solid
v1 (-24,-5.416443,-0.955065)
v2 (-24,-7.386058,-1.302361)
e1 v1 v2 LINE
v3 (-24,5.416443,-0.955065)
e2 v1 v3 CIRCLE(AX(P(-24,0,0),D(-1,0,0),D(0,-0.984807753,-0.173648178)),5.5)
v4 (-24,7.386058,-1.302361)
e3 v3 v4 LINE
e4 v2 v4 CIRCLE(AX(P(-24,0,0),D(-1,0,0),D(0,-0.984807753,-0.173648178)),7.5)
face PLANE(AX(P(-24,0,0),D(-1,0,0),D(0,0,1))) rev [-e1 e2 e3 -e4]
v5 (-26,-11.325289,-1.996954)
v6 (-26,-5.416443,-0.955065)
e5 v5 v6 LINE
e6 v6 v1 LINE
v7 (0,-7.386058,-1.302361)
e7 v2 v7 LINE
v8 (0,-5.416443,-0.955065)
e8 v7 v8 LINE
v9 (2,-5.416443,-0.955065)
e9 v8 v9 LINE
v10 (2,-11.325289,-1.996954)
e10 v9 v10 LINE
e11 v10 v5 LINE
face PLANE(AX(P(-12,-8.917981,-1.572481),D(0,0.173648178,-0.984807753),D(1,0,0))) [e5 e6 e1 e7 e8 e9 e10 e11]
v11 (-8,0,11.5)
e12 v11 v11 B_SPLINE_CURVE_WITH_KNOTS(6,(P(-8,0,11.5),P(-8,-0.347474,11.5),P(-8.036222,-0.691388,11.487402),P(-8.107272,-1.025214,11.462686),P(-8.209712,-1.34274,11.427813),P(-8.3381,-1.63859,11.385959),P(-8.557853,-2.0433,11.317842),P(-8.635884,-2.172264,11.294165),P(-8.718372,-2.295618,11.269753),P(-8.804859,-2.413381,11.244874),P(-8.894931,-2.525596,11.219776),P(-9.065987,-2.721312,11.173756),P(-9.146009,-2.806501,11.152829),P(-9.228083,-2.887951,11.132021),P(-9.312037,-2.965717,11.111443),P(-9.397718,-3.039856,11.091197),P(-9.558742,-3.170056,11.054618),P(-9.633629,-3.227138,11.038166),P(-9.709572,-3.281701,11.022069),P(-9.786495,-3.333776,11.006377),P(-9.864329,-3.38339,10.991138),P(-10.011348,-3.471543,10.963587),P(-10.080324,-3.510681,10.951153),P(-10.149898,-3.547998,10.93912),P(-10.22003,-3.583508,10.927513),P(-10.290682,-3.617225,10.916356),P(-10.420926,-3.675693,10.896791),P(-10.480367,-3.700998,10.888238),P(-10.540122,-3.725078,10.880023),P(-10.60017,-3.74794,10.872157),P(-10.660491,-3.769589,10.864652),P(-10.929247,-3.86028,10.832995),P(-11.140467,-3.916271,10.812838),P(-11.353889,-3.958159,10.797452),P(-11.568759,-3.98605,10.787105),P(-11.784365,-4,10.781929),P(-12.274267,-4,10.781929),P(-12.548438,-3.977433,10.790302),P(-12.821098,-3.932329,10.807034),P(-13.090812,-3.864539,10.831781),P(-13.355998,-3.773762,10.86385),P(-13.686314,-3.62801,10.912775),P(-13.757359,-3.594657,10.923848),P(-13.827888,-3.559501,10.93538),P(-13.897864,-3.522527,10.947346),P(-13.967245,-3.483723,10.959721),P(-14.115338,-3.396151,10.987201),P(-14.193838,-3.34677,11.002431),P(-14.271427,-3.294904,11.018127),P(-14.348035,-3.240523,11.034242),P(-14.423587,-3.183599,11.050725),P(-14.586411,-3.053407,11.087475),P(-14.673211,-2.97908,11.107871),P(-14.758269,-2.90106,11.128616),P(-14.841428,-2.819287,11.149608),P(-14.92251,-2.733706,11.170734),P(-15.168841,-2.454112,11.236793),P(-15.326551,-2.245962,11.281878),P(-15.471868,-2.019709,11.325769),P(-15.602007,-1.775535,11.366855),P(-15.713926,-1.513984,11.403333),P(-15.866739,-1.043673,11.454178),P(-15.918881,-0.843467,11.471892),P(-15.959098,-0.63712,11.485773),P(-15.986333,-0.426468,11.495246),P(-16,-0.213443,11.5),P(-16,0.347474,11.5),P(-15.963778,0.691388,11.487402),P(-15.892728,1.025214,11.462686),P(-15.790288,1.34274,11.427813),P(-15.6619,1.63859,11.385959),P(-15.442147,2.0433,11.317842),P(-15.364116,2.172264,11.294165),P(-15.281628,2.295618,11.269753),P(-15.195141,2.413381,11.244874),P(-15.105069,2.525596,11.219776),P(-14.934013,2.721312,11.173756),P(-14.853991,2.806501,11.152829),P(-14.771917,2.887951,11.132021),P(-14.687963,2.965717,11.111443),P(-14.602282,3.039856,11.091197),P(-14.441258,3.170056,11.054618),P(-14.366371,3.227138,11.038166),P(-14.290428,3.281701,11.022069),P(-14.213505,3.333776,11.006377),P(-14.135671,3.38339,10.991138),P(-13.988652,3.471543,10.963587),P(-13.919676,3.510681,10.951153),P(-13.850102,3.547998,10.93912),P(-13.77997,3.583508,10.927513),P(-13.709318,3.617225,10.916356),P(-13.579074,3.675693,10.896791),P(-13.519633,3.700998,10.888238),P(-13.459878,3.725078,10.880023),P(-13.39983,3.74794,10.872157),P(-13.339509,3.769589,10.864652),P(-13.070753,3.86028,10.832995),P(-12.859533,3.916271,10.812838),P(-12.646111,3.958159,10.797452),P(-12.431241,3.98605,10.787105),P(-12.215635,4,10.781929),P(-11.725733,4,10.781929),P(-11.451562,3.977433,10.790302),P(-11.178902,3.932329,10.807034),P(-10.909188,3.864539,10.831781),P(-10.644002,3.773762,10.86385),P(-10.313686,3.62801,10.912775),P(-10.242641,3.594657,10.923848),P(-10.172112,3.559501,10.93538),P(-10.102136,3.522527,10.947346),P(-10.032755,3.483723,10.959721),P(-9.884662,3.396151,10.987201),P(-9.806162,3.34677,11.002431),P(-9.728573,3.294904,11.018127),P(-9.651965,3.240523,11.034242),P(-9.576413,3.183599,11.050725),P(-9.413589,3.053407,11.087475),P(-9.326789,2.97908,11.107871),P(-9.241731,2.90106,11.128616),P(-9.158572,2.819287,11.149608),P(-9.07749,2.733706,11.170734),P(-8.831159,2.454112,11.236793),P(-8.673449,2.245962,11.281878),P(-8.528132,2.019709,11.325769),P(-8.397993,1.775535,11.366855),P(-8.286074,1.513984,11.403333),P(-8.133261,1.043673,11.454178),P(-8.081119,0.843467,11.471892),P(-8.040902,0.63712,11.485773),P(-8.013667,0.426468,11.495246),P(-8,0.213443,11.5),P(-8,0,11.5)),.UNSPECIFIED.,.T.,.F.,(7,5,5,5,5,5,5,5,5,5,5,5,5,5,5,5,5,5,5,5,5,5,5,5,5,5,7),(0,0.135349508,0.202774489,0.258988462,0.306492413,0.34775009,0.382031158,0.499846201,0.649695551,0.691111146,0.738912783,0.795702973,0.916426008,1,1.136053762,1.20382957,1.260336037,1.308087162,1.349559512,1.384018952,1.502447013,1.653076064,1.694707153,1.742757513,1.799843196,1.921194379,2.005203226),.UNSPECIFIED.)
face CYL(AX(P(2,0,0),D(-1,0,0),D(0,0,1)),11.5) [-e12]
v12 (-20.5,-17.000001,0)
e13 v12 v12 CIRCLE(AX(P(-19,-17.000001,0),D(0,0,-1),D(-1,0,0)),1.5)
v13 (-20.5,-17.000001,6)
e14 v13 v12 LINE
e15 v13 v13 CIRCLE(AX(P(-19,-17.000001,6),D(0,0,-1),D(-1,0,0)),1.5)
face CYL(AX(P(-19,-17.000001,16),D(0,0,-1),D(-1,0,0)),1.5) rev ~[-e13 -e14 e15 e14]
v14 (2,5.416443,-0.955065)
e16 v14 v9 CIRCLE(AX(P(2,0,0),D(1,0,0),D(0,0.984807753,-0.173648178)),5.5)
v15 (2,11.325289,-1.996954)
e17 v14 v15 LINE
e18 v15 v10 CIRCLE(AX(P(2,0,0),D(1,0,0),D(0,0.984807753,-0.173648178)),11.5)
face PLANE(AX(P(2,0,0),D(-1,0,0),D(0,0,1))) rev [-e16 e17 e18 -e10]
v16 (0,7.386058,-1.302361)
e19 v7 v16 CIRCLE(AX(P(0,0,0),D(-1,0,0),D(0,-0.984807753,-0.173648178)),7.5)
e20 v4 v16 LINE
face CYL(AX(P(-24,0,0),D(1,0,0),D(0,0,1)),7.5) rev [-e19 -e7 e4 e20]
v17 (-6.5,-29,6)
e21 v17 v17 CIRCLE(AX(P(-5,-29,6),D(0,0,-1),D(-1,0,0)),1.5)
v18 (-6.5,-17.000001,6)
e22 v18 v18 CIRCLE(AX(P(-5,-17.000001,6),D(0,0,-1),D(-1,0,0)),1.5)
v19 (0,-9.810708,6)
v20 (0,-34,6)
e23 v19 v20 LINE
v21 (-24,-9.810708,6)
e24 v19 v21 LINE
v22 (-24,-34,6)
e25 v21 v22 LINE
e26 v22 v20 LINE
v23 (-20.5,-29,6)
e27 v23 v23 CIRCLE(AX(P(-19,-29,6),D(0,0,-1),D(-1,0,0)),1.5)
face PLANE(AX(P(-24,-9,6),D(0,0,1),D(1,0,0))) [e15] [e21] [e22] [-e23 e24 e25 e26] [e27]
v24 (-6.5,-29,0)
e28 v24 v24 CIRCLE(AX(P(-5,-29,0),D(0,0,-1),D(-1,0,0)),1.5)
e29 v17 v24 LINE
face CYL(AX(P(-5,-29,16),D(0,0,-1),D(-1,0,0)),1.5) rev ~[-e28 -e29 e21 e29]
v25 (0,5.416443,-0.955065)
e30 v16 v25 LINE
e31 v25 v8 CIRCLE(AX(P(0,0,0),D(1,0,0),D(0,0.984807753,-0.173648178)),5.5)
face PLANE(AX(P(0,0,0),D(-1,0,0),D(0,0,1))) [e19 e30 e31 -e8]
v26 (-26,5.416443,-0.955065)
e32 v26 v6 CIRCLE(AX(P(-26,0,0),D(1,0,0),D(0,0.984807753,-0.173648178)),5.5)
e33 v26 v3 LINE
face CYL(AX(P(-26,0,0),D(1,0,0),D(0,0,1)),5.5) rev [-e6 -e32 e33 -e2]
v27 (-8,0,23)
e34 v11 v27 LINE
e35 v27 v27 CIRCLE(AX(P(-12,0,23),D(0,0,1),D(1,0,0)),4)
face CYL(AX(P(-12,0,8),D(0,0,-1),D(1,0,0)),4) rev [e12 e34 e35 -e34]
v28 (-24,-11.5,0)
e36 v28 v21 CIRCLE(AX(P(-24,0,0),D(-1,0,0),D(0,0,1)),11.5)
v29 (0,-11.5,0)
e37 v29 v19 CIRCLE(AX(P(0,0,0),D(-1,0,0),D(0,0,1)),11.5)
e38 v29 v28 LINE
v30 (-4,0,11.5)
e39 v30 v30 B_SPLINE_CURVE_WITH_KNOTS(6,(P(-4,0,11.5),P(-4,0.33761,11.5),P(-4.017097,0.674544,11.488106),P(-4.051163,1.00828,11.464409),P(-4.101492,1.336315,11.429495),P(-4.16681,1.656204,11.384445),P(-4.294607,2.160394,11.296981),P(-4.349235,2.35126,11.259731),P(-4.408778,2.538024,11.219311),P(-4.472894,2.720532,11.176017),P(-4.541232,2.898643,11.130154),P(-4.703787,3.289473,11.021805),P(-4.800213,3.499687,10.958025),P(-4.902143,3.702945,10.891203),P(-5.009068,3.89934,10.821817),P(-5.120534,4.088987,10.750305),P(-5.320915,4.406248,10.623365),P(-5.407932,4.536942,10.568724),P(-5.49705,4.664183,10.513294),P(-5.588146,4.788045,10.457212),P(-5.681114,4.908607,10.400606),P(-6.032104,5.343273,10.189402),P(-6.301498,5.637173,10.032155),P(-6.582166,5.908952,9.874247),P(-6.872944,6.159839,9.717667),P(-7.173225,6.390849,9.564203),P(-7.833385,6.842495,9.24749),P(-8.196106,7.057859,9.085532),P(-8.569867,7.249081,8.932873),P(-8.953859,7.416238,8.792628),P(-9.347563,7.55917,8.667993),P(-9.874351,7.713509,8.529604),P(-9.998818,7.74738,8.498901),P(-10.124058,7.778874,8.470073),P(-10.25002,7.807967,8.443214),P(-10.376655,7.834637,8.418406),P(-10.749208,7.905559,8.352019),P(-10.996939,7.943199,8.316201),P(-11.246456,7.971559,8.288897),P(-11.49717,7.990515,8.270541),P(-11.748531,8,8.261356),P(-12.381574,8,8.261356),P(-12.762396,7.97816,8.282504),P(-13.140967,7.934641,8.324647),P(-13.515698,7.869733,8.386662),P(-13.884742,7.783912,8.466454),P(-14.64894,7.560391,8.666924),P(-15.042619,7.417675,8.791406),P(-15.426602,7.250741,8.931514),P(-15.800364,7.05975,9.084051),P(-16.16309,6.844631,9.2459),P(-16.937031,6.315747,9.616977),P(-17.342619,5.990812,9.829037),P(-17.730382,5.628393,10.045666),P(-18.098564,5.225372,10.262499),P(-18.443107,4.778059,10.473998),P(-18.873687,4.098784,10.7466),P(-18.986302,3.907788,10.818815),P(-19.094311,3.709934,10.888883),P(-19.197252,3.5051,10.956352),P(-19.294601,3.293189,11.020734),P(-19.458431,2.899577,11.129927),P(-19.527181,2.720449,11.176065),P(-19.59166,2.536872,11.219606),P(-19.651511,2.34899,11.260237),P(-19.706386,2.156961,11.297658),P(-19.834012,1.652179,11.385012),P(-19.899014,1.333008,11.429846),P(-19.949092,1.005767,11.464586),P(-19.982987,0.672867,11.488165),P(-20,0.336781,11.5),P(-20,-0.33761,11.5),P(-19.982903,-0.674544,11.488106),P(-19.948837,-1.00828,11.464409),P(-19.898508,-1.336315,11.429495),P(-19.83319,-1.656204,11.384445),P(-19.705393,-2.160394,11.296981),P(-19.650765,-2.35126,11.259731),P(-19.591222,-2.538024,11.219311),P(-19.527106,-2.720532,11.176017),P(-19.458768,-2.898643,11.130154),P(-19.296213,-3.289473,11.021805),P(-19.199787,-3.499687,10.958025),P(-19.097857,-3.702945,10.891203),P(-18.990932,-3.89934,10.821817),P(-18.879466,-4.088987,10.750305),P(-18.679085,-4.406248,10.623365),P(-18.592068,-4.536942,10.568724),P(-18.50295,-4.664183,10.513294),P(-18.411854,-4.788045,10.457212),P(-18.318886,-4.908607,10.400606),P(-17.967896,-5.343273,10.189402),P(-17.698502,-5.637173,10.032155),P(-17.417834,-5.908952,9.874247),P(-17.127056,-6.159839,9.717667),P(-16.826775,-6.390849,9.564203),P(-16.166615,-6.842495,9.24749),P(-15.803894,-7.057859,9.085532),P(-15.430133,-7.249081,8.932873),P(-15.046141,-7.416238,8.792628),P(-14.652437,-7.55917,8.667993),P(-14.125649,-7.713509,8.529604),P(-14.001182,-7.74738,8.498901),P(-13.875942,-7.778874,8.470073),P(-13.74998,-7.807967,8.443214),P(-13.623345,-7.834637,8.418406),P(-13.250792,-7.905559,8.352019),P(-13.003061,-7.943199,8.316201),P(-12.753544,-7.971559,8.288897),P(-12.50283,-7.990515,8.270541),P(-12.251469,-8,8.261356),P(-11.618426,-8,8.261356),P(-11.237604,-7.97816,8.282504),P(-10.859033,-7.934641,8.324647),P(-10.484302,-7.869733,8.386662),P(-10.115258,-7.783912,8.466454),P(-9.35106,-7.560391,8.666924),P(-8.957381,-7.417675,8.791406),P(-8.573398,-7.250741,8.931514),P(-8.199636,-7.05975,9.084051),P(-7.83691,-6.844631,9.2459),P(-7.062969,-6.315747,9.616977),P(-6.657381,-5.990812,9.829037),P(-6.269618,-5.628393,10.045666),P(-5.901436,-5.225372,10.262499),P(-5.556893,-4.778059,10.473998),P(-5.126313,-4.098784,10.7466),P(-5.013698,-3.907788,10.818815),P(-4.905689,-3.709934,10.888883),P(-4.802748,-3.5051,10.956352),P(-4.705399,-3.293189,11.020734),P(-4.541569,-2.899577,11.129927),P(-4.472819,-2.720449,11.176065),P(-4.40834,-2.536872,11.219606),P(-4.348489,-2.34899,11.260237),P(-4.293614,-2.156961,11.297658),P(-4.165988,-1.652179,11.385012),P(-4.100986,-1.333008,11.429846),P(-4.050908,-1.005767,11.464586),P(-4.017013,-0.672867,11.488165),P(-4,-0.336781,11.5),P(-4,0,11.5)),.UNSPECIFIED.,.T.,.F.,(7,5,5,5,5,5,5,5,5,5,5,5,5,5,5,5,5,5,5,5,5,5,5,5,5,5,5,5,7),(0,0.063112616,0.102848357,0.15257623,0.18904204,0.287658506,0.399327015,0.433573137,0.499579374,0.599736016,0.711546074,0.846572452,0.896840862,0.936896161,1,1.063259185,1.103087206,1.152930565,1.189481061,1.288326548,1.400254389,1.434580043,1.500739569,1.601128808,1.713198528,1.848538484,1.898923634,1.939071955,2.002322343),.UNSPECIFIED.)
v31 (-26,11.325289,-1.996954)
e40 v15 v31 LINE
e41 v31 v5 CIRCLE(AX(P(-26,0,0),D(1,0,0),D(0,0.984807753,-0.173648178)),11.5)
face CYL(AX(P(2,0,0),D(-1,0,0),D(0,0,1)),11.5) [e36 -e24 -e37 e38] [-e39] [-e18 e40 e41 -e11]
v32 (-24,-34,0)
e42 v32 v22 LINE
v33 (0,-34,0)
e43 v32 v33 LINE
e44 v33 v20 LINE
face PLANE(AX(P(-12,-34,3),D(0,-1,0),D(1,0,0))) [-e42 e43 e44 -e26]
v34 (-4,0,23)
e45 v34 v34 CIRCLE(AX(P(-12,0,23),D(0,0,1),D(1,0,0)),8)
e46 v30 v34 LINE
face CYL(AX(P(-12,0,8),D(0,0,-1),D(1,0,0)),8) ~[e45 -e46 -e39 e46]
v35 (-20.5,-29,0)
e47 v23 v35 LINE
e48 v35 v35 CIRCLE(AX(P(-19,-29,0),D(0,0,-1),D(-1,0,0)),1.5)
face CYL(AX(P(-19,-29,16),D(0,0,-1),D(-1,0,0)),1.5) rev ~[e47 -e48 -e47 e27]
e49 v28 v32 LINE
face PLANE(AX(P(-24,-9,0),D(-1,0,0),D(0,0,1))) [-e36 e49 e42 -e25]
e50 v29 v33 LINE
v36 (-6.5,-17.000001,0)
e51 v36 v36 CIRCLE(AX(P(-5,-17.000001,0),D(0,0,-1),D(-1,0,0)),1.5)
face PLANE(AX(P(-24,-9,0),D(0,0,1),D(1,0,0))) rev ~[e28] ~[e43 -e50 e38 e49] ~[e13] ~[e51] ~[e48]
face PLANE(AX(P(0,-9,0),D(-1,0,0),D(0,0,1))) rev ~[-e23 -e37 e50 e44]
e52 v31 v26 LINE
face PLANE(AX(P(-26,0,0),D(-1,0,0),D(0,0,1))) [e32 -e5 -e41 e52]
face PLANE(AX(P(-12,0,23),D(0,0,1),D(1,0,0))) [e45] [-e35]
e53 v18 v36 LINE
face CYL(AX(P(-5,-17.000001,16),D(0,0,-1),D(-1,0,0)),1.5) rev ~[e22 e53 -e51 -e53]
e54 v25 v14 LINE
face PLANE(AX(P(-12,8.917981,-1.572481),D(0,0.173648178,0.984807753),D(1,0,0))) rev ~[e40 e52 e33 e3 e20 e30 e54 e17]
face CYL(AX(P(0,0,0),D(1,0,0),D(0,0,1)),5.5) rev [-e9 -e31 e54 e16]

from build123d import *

# Parameters (mm, degrees)
F1_ANGLE = 200
F3_R     = 4
F3_R_2   = 8
F4_DEPTH = 15
F6_W     = 24
F6_H     = 6
F7_DEPTH = 25
F9_D     = 3
F9_DEPTH = 10


with BuildPart() as f1:
    # F0 (on Front) → F1 (revolve, symmetric)
    with BuildSketch(Plane.XZ) as f1_sk:
        Polygon((0, 7.5), (0, 5.5), (2, 5.5), (2, 11.5), (-26, 11.5), (-26, 5.5), (-24, 5.5), (-24, 7.5), align=None)
    revolve(axis=Axis((-13.749522, 0, 0), (1, 0, 0)), revolution_arc=F1_ANGLE / 2)
    revolve(f1_sk.sketch, axis=Axis((-13.749522, 0, 0), (-1, 0, 0)), revolution_arc=F1_ANGLE / 2)

    # F3 (on offset) → F4 (join)
    with BuildSketch(Plane.XY.offset(8)):
        with Locations((-12, 0)):
            Circle(F3_R)
        with Locations((-12, 0)):
            Circle(F3_R_2)
        with Locations((-12, 0)):
            Circle(F3_R, mode=Mode.SUBTRACT)
    extrude(amount=F4_DEPTH)

    # F6 (on offset) → F7 (join)
    with BuildSketch(Plane.XZ.offset(9)):
        with Locations((-12, 3)):
            Rectangle(F6_W, F6_H)
    extrude(amount=F7_DEPTH)

    # F9
    with Locations(Plane.XY.offset(6)):
        with Locations((-19, -29), (-5, -29), (-5, -17.000001), (-19, -17.000001)):
            Hole(F9_D / 2, depth=F9_DEPTH)


solid = f1.part
